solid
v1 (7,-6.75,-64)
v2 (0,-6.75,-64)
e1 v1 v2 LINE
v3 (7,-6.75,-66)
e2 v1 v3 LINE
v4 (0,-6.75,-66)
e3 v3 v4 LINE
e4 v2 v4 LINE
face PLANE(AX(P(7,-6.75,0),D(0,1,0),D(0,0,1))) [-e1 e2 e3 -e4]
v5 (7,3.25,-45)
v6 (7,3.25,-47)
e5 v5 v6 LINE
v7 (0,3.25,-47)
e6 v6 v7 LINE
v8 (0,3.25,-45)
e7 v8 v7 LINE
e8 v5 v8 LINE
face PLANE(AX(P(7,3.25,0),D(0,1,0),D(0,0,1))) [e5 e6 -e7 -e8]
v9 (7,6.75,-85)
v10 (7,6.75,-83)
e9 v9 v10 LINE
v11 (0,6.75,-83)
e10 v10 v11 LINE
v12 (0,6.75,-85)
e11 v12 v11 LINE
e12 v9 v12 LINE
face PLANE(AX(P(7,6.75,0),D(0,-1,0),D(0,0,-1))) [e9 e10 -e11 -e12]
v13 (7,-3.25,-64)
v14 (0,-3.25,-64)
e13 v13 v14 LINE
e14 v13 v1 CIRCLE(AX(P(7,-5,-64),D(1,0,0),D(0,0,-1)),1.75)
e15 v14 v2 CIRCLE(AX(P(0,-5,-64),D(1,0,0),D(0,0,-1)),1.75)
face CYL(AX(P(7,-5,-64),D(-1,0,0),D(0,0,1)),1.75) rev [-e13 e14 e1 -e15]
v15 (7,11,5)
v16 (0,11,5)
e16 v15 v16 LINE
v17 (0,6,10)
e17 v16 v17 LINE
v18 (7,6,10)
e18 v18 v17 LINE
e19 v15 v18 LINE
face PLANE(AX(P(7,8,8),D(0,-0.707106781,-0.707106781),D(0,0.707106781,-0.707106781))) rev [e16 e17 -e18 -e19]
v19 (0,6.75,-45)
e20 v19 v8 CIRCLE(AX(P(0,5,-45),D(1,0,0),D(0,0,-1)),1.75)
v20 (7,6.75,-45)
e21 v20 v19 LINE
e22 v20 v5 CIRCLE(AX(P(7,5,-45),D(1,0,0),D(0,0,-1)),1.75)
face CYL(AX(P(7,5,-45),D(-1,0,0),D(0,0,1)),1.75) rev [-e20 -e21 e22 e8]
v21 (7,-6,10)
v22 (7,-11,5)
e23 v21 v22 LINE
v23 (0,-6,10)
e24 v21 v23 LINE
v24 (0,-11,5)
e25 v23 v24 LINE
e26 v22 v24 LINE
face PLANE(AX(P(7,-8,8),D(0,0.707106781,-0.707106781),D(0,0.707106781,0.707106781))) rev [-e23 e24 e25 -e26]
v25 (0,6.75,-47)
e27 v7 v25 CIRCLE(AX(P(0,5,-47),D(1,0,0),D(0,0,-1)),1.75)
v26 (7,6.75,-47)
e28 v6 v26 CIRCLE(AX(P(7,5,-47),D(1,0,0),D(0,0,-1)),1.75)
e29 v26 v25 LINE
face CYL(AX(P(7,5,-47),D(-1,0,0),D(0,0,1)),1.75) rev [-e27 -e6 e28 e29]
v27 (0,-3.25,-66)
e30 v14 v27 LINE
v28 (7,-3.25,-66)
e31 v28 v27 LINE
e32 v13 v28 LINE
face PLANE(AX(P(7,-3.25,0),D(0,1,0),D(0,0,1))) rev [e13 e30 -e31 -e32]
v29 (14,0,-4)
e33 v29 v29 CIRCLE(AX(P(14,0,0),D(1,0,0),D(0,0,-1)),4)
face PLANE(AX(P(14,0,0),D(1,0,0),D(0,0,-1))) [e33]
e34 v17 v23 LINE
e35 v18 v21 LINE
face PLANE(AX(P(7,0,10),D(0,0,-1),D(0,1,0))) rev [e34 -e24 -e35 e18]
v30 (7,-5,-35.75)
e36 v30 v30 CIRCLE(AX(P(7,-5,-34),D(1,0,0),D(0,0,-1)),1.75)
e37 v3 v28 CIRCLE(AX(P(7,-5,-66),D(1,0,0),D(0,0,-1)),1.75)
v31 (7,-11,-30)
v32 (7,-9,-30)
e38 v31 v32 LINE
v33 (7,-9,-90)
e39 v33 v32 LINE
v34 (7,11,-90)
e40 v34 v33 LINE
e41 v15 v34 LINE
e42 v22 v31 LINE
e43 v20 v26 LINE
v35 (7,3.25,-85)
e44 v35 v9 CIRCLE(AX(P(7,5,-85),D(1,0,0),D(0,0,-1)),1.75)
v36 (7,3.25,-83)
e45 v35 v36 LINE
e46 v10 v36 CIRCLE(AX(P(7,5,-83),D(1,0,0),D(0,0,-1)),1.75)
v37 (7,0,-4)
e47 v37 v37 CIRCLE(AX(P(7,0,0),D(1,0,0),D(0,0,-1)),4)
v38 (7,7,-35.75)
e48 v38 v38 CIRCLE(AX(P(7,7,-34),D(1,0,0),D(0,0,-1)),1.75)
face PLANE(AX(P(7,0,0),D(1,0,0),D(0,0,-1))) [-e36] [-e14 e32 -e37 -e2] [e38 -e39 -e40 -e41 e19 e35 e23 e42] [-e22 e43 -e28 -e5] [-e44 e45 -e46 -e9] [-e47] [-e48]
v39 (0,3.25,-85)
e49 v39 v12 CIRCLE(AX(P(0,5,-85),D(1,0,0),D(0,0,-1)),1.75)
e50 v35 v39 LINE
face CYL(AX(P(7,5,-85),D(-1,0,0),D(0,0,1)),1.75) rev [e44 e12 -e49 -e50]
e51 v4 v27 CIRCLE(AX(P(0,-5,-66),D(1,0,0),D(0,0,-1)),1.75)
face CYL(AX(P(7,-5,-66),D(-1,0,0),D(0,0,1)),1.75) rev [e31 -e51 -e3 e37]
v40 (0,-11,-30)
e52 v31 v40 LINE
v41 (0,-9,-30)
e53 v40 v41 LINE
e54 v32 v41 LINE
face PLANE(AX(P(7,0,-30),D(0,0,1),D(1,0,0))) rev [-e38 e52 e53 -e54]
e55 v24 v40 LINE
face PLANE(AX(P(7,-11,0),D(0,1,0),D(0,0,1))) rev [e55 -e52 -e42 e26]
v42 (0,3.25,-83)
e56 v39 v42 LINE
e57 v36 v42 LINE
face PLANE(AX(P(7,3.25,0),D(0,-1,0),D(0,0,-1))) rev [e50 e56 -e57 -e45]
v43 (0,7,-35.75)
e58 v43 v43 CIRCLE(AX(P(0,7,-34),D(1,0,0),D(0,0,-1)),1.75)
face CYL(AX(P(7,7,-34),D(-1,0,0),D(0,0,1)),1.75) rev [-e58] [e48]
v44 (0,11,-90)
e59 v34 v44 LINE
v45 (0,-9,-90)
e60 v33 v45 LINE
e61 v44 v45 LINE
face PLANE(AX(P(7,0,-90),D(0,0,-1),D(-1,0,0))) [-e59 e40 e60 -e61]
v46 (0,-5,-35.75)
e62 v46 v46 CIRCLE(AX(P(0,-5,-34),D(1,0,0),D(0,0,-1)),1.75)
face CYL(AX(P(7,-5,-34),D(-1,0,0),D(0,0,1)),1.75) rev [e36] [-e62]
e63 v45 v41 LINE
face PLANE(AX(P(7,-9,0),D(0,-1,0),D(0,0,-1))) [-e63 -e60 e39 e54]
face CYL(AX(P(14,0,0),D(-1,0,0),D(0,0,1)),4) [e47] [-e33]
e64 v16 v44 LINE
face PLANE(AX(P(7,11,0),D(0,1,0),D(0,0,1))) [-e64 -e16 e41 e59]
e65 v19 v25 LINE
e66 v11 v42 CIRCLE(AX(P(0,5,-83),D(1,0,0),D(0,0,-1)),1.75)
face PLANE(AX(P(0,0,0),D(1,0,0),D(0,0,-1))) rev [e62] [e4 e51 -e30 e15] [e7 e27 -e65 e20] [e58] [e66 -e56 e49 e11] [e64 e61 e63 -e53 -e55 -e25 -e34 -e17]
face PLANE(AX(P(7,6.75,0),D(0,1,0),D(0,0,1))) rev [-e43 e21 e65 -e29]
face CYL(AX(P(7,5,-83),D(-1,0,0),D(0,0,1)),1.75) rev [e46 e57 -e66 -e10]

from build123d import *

# Parameters (mm, degrees)
SKETCH1_R           = 1.75
BOSS_EXTRUDE1_DEPTH = 7
BOSS_EXTRUDE2_START = 7
SKETCH1_4_R         = 4
BOSS_EXTRUDE2_DEPTH = 7


with BuildPart() as part:
    # Sketch1 → Boss-Extrude1 (new body)
    with BuildSketch(Plane(origin=(0, 0, 0), x_dir=(0, 0, -1), z_dir=(1, 0, 0))):
        Polygon((-5, 11), (-10, 6), (-10, -6), (-5, -11), (30, -11), (30, -9), (90, -9), (90, 11), align=None)
        with Locations((34, 7)):
            Circle(SKETCH1_R, mode=Mode.SUBTRACT)
        with Locations((34, -5)):
            Circle(SKETCH1_R, mode=Mode.SUBTRACT)
        with BuildLine():
            Line((45, 6.75), (47, 6.75))
            ThreePointArc((47, 6.75), (48.75, 5), (47, 3.25))
            Line((47, 3.25), (45, 3.25))
            ThreePointArc((45, 3.25), (43.25, 5), (45, 6.75))
        make_face(mode=Mode.SUBTRACT)
        with BuildLine():
            Line((64, -3.25), (66, -3.25))
            ThreePointArc((66, -3.25), (67.75, -5), (66, -6.75))
            Line((66, -6.75), (64, -6.75))
            ThreePointArc((64, -6.75), (62.25, -5), (64, -3.25))
        make_face(mode=Mode.SUBTRACT)
        with BuildLine():
            Line((85, 3.25), (83, 3.25))
            ThreePointArc((83, 3.25), (81.25, 5), (83, 6.75))
            Line((83, 6.75), (85, 6.75))
            ThreePointArc((85, 6.75), (86.75, 5), (85, 3.25))
        make_face(mode=Mode.SUBTRACT)
    extrude(amount=BOSS_EXTRUDE1_DEPTH)

    # Sketch1<4> → Boss-Extrude2 (add)
    with BuildSketch(Plane(origin=(0, 0, 0), x_dir=(0, 0, -1), z_dir=(1, 0, 0)).offset(BOSS_EXTRUDE2_START)):
        Circle(SKETCH1_4_R)
    extrude(amount=BOSS_EXTRUDE2_DEPTH)


solid = part.part
